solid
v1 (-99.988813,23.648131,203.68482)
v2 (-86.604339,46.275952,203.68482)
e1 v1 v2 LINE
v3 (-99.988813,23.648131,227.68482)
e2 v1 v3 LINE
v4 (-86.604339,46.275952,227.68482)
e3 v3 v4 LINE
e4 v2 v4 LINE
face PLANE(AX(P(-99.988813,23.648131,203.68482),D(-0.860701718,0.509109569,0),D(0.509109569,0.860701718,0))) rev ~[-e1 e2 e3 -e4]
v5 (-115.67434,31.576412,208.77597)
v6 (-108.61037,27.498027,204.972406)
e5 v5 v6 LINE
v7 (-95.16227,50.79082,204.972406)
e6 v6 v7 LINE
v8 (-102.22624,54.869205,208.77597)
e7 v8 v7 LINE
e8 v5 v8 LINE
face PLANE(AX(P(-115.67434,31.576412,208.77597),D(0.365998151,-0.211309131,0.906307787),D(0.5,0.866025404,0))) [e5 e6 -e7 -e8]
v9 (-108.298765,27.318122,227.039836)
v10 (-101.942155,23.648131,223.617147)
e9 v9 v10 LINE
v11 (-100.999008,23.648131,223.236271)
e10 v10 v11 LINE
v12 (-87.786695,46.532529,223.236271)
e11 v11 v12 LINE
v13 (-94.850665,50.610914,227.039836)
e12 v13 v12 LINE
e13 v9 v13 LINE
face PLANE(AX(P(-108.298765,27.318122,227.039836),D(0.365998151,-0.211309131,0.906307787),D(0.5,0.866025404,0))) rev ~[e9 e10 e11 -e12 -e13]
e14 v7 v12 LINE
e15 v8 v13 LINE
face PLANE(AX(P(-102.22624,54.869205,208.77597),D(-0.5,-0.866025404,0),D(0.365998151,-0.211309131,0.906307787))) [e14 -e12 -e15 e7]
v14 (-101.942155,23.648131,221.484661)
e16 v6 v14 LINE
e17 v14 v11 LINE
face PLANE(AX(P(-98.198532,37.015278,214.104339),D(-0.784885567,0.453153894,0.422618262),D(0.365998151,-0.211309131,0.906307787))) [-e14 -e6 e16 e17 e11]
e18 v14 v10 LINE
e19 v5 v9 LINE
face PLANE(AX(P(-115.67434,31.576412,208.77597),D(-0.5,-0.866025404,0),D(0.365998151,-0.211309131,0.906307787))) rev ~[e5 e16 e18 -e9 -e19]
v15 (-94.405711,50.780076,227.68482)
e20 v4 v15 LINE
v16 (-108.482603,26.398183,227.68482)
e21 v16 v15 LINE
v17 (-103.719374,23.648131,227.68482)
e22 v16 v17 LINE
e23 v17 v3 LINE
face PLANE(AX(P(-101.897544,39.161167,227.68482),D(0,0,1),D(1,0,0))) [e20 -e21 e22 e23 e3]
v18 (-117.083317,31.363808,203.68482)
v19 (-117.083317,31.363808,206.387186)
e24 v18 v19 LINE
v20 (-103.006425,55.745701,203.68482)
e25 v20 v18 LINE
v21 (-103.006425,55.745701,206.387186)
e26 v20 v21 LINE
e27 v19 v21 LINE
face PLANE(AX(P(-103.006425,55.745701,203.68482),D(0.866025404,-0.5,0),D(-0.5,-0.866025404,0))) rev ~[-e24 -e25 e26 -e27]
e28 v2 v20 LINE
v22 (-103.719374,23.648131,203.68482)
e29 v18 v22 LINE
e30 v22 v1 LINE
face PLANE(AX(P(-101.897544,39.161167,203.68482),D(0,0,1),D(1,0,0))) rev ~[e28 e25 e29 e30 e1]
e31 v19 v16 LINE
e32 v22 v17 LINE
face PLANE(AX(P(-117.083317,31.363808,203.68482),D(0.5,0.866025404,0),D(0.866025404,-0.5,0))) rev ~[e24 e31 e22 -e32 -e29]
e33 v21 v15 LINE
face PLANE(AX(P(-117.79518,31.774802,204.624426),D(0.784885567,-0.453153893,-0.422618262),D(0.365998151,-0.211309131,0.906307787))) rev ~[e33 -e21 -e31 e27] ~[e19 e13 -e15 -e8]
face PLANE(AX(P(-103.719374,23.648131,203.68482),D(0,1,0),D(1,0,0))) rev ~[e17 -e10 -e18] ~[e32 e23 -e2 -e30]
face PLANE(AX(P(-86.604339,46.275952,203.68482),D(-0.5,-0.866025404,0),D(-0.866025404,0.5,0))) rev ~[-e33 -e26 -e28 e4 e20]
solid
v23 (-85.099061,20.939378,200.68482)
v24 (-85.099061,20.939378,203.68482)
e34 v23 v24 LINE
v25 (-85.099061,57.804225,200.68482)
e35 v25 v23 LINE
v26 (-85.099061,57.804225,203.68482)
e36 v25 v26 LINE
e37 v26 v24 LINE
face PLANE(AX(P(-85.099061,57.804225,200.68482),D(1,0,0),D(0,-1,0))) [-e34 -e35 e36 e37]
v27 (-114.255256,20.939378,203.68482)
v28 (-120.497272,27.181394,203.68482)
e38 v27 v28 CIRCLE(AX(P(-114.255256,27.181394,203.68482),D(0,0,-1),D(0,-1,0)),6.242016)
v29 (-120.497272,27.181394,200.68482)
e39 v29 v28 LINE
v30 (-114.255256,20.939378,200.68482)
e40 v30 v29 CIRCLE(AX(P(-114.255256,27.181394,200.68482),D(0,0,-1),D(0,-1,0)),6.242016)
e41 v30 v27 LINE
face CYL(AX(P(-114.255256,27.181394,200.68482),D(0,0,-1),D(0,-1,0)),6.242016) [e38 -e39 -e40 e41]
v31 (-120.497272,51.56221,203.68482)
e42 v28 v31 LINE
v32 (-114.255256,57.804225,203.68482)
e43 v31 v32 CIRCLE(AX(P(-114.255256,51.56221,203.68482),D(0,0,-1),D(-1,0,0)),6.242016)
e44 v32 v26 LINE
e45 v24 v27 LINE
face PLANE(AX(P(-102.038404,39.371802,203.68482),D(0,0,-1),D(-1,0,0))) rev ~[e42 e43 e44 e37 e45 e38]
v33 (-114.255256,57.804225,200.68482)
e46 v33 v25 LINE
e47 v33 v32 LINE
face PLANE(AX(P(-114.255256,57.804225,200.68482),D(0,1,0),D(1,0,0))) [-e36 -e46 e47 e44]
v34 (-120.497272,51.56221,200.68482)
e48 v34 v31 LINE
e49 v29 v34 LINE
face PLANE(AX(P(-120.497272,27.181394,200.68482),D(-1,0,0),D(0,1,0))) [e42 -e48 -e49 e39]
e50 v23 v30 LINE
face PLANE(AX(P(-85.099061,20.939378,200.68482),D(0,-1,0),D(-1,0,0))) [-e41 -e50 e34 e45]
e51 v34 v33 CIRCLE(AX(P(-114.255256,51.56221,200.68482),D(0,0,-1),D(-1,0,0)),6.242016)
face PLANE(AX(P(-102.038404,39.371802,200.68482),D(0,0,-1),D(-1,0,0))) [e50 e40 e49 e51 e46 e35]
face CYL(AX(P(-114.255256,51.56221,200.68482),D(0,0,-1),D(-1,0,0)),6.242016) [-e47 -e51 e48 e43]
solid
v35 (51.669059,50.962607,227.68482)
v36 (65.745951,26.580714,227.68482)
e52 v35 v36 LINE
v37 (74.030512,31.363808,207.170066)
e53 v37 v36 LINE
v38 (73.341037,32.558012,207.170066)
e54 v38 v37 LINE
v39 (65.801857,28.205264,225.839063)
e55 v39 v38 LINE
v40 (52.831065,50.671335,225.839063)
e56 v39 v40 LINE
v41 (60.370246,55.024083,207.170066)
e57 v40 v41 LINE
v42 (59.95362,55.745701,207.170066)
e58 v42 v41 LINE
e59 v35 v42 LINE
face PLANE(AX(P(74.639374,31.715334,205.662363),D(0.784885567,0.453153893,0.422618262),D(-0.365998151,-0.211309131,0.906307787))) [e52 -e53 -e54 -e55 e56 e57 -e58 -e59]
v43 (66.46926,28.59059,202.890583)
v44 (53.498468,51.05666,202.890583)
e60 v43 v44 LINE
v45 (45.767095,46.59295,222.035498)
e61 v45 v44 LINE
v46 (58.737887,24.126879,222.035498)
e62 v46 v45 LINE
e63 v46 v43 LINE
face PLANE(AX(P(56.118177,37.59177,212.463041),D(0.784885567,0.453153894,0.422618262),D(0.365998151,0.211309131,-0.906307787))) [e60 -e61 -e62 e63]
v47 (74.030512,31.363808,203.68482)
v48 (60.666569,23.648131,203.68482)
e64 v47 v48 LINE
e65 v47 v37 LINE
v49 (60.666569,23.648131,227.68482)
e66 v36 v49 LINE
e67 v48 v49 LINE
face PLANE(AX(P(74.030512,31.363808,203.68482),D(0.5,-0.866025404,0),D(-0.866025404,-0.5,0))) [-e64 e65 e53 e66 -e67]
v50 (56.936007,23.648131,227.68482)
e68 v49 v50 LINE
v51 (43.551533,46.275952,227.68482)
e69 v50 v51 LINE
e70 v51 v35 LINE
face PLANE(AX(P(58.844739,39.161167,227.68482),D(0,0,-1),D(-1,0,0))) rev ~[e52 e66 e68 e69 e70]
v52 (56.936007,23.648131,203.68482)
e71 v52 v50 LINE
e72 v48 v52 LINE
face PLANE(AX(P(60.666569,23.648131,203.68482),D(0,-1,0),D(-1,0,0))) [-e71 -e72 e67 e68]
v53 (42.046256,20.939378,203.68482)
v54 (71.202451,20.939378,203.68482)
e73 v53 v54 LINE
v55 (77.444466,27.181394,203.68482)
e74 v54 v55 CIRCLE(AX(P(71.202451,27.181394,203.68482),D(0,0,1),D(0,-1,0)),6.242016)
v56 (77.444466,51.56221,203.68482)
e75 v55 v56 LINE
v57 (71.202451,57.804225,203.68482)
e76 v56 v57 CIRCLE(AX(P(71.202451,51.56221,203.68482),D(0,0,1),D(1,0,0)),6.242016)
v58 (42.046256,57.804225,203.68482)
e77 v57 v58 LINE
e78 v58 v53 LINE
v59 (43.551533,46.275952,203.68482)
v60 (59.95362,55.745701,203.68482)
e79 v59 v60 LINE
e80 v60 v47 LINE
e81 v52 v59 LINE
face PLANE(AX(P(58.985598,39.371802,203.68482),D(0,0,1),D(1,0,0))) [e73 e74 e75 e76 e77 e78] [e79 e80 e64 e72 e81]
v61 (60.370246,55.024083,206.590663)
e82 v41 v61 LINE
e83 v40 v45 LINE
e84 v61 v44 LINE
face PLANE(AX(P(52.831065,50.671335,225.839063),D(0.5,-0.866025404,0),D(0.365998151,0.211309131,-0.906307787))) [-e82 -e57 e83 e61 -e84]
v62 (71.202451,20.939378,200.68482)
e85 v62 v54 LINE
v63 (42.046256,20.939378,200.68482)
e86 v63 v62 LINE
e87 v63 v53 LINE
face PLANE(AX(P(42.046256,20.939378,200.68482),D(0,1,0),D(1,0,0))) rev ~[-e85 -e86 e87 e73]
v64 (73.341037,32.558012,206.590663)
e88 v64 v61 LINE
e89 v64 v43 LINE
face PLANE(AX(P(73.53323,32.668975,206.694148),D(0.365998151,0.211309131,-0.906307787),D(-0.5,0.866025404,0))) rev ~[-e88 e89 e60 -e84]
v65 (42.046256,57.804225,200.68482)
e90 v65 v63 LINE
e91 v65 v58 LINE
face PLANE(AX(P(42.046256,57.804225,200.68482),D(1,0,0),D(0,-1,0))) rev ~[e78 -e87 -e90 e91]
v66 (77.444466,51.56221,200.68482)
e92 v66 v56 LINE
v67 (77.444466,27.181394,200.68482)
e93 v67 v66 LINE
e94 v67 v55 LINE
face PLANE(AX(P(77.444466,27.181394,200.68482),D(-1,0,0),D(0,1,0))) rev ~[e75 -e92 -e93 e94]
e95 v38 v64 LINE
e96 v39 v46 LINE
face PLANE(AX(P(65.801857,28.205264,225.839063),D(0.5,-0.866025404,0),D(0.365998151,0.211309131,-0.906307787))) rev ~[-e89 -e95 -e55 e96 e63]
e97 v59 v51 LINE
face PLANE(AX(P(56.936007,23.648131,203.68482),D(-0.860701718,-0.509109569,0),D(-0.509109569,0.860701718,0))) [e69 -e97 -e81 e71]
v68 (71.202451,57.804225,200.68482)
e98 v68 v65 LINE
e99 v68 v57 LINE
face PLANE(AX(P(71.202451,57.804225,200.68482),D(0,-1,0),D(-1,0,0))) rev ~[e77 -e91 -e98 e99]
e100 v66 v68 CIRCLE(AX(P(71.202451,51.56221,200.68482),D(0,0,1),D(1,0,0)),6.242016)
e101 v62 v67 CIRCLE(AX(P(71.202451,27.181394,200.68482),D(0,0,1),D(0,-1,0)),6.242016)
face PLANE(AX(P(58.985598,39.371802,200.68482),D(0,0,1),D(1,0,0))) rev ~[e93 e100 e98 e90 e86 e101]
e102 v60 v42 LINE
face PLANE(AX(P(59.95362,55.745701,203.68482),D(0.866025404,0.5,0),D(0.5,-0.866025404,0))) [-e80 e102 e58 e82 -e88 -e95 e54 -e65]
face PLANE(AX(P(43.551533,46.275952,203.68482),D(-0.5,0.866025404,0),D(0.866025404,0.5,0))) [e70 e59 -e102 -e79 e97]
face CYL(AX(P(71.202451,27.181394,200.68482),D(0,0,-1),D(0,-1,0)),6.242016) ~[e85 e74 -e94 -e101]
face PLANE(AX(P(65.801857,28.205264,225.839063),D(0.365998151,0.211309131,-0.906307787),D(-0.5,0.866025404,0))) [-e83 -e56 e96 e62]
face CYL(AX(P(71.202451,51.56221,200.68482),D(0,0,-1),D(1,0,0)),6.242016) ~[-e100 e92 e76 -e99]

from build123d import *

# Parameters (mm, degrees)
AUFSATZ_LINEAR_AUSTRAGEN1_DEPTH   = 3
AUFSATZ_LINEAR_AUSTRAGEN1_2_DEPTH = 3
AUFSATZ_LINEAR_AUSTRAGEN2_DEPTH   = 24
SCHNITT_LINEAR_AUSTRAGEN2_DEPTH   = 121.161965349
SCHNITT_LINEAR_AUSTRAGEN3_DEPTH   = 54
SKIZZE7_W                         = 20.151946154
SKIZZE7_H                         = 26.896200326
SCHNITT_LINEAR_AUSTRAGEN4_DEPTH   = 9
SKIZZE8_W                         = 21.124076697
SKIZZE8_H                         = 25.941583557
SCHNITT_LINEAR_AUSTRAGEN5_DEPTH   = 9


with BuildPart() as part:
    # Skizze1 → Aufsatz-Linear austragen1 (new body)
    with BuildSketch(Plane.XY.offset(200.684819625)):
        with BuildLine():
            Line((42.046255802, 20.93937831), (71.202450647, 20.93937831))
            ThreePointArc((71.202450647, 20.93937831), (75.616222333, 22.767622404), (77.444466427, 27.181394091))
            Line((77.444466427, 27.181394091), (77.444466427, 51.562209578))
            ThreePointArc((77.444466427, 51.562209578), (75.616222333, 55.975981265), (71.202450647, 57.804225359))
            Line((71.202450647, 57.804225359), (42.046255802, 57.804225359))
            Line((42.046255802, 57.804225359), (42.046255802, 20.93937831))
        make_face()
    extrude(amount=AUFSATZ_LINEAR_AUSTRAGEN1_DEPTH)

    # Skizze3 → Aufsatz-Linear austragen2 (add)
    with BuildSketch(Plane.XY.offset(203.684819625)):
        Polygon((59.953619506, 55.745700513), (74.030511905, 31.363807665), (60.666568647, 23.648131427), (56.936007357, 23.648131427), (43.55153333, 46.275951643), align=None)
        Polygon((-103.006425052, 55.745700513), (-117.083317451, 31.363807665), (-103.719374193, 23.648131427), (-99.988812903, 23.648131427), (-86.604338875, 46.275951643), align=None)
    extrude(amount=AUFSATZ_LINEAR_AUSTRAGEN2_DEPTH)

    # Skizze4 → Schnitt-Linear austragen2 (cut, through all)
    with BuildSketch(Plane(origin=(4.926700878, -8.533296234, 0), x_dir=(-0.866025404, -0.5, 0), z_dir=(0.5, -0.866025404, 0))):
        Polygon((-80.497261448, -205.66236291), (-69.016877495, -230.282125747), (-80.497261448, -230.282125747), align=None)
    extrude(amount=-SCHNITT_LINEAR_AUSTRAGEN2_DEPTH, mode=Mode.SUBTRACT)

    # Skizze6 → Schnitt-Linear austragen3 (cut)
    with BuildSketch(Plane(origin=(-15.689902264, -27.175707887, 0), x_dir=(0.866025404, -0.5, 0), z_dir=(-0.5, -0.866025404, 0))):
        Polygon((-117.901019581, 204.624426213), (-104.683579141, 232.969318707), (-117.901019581, 232.969318707), align=None)
    extrude(amount=-SCHNITT_LINEAR_AUSTRAGEN3_DEPTH, mode=Mode.SUBTRACT)

    # Skizze7 → Schnitt-Linear austragen4 (cut)
    with BuildSketch(Plane(origin=(-151.743992107, 87.609434691, 81.705900646), x_dir=(0.365998151, -0.211309131, 0.906307787), z_dir=(-0.784885567, 0.453153894, 0.422618262))):
        with Locations((150.282281882, -17.043094839)):
            Rectangle(SKIZZE7_W, SKIZZE7_H)
    extrude(amount=-SCHNITT_LINEAR_AUSTRAGEN4_DEPTH, mode=Mode.SUBTRACT)

    # Skizze8 → Schnitt-Linear austragen5 (cut)
    with BuildSketch(Plane(origin=(125.481198092, 72.446603496, 67.564812035), x_dir=(0.365998151, 0.211309131, -0.906307787), z_dir=(0.784885567, 0.453153894, 0.422618262))):
        with Locations((-164.074275128, 4.496338843)):
            Rectangle(SKIZZE8_W, SKIZZE8_H)
    extrude(amount=-SCHNITT_LINEAR_AUSTRAGEN5_DEPTH, mode=Mode.SUBTRACT)


with BuildPart() as body_2:
    # Skizze1 → Aufsatz-Linear austragen1 2 (new body)
    with BuildSketch(Plane.XY.offset(200.684819625)):
        with BuildLine():
            Line((-85.099061347, 57.804225359), (-85.099061347, 20.93937831))
            Line((-85.099061347, 20.93937831), (-114.255256192, 20.93937831))
            ThreePointArc((-114.255256192, 20.93937831), (-118.669027879, 22.767622404), (-120.497271973, 27.181394091))
            Line((-120.497271973, 27.181394091), (-120.497271973, 51.562209578))
            ThreePointArc((-120.497271973, 51.562209578), (-118.669027879, 55.975981265), (-114.255256192, 57.804225359))
            Line((-114.255256192, 57.804225359), (-85.099061347, 57.804225359))
        make_face()
    extrude(amount=AUFSATZ_LINEAR_AUSTRAGEN1_2_DEPTH)


solid = Compound([part.part, body_2.part])
